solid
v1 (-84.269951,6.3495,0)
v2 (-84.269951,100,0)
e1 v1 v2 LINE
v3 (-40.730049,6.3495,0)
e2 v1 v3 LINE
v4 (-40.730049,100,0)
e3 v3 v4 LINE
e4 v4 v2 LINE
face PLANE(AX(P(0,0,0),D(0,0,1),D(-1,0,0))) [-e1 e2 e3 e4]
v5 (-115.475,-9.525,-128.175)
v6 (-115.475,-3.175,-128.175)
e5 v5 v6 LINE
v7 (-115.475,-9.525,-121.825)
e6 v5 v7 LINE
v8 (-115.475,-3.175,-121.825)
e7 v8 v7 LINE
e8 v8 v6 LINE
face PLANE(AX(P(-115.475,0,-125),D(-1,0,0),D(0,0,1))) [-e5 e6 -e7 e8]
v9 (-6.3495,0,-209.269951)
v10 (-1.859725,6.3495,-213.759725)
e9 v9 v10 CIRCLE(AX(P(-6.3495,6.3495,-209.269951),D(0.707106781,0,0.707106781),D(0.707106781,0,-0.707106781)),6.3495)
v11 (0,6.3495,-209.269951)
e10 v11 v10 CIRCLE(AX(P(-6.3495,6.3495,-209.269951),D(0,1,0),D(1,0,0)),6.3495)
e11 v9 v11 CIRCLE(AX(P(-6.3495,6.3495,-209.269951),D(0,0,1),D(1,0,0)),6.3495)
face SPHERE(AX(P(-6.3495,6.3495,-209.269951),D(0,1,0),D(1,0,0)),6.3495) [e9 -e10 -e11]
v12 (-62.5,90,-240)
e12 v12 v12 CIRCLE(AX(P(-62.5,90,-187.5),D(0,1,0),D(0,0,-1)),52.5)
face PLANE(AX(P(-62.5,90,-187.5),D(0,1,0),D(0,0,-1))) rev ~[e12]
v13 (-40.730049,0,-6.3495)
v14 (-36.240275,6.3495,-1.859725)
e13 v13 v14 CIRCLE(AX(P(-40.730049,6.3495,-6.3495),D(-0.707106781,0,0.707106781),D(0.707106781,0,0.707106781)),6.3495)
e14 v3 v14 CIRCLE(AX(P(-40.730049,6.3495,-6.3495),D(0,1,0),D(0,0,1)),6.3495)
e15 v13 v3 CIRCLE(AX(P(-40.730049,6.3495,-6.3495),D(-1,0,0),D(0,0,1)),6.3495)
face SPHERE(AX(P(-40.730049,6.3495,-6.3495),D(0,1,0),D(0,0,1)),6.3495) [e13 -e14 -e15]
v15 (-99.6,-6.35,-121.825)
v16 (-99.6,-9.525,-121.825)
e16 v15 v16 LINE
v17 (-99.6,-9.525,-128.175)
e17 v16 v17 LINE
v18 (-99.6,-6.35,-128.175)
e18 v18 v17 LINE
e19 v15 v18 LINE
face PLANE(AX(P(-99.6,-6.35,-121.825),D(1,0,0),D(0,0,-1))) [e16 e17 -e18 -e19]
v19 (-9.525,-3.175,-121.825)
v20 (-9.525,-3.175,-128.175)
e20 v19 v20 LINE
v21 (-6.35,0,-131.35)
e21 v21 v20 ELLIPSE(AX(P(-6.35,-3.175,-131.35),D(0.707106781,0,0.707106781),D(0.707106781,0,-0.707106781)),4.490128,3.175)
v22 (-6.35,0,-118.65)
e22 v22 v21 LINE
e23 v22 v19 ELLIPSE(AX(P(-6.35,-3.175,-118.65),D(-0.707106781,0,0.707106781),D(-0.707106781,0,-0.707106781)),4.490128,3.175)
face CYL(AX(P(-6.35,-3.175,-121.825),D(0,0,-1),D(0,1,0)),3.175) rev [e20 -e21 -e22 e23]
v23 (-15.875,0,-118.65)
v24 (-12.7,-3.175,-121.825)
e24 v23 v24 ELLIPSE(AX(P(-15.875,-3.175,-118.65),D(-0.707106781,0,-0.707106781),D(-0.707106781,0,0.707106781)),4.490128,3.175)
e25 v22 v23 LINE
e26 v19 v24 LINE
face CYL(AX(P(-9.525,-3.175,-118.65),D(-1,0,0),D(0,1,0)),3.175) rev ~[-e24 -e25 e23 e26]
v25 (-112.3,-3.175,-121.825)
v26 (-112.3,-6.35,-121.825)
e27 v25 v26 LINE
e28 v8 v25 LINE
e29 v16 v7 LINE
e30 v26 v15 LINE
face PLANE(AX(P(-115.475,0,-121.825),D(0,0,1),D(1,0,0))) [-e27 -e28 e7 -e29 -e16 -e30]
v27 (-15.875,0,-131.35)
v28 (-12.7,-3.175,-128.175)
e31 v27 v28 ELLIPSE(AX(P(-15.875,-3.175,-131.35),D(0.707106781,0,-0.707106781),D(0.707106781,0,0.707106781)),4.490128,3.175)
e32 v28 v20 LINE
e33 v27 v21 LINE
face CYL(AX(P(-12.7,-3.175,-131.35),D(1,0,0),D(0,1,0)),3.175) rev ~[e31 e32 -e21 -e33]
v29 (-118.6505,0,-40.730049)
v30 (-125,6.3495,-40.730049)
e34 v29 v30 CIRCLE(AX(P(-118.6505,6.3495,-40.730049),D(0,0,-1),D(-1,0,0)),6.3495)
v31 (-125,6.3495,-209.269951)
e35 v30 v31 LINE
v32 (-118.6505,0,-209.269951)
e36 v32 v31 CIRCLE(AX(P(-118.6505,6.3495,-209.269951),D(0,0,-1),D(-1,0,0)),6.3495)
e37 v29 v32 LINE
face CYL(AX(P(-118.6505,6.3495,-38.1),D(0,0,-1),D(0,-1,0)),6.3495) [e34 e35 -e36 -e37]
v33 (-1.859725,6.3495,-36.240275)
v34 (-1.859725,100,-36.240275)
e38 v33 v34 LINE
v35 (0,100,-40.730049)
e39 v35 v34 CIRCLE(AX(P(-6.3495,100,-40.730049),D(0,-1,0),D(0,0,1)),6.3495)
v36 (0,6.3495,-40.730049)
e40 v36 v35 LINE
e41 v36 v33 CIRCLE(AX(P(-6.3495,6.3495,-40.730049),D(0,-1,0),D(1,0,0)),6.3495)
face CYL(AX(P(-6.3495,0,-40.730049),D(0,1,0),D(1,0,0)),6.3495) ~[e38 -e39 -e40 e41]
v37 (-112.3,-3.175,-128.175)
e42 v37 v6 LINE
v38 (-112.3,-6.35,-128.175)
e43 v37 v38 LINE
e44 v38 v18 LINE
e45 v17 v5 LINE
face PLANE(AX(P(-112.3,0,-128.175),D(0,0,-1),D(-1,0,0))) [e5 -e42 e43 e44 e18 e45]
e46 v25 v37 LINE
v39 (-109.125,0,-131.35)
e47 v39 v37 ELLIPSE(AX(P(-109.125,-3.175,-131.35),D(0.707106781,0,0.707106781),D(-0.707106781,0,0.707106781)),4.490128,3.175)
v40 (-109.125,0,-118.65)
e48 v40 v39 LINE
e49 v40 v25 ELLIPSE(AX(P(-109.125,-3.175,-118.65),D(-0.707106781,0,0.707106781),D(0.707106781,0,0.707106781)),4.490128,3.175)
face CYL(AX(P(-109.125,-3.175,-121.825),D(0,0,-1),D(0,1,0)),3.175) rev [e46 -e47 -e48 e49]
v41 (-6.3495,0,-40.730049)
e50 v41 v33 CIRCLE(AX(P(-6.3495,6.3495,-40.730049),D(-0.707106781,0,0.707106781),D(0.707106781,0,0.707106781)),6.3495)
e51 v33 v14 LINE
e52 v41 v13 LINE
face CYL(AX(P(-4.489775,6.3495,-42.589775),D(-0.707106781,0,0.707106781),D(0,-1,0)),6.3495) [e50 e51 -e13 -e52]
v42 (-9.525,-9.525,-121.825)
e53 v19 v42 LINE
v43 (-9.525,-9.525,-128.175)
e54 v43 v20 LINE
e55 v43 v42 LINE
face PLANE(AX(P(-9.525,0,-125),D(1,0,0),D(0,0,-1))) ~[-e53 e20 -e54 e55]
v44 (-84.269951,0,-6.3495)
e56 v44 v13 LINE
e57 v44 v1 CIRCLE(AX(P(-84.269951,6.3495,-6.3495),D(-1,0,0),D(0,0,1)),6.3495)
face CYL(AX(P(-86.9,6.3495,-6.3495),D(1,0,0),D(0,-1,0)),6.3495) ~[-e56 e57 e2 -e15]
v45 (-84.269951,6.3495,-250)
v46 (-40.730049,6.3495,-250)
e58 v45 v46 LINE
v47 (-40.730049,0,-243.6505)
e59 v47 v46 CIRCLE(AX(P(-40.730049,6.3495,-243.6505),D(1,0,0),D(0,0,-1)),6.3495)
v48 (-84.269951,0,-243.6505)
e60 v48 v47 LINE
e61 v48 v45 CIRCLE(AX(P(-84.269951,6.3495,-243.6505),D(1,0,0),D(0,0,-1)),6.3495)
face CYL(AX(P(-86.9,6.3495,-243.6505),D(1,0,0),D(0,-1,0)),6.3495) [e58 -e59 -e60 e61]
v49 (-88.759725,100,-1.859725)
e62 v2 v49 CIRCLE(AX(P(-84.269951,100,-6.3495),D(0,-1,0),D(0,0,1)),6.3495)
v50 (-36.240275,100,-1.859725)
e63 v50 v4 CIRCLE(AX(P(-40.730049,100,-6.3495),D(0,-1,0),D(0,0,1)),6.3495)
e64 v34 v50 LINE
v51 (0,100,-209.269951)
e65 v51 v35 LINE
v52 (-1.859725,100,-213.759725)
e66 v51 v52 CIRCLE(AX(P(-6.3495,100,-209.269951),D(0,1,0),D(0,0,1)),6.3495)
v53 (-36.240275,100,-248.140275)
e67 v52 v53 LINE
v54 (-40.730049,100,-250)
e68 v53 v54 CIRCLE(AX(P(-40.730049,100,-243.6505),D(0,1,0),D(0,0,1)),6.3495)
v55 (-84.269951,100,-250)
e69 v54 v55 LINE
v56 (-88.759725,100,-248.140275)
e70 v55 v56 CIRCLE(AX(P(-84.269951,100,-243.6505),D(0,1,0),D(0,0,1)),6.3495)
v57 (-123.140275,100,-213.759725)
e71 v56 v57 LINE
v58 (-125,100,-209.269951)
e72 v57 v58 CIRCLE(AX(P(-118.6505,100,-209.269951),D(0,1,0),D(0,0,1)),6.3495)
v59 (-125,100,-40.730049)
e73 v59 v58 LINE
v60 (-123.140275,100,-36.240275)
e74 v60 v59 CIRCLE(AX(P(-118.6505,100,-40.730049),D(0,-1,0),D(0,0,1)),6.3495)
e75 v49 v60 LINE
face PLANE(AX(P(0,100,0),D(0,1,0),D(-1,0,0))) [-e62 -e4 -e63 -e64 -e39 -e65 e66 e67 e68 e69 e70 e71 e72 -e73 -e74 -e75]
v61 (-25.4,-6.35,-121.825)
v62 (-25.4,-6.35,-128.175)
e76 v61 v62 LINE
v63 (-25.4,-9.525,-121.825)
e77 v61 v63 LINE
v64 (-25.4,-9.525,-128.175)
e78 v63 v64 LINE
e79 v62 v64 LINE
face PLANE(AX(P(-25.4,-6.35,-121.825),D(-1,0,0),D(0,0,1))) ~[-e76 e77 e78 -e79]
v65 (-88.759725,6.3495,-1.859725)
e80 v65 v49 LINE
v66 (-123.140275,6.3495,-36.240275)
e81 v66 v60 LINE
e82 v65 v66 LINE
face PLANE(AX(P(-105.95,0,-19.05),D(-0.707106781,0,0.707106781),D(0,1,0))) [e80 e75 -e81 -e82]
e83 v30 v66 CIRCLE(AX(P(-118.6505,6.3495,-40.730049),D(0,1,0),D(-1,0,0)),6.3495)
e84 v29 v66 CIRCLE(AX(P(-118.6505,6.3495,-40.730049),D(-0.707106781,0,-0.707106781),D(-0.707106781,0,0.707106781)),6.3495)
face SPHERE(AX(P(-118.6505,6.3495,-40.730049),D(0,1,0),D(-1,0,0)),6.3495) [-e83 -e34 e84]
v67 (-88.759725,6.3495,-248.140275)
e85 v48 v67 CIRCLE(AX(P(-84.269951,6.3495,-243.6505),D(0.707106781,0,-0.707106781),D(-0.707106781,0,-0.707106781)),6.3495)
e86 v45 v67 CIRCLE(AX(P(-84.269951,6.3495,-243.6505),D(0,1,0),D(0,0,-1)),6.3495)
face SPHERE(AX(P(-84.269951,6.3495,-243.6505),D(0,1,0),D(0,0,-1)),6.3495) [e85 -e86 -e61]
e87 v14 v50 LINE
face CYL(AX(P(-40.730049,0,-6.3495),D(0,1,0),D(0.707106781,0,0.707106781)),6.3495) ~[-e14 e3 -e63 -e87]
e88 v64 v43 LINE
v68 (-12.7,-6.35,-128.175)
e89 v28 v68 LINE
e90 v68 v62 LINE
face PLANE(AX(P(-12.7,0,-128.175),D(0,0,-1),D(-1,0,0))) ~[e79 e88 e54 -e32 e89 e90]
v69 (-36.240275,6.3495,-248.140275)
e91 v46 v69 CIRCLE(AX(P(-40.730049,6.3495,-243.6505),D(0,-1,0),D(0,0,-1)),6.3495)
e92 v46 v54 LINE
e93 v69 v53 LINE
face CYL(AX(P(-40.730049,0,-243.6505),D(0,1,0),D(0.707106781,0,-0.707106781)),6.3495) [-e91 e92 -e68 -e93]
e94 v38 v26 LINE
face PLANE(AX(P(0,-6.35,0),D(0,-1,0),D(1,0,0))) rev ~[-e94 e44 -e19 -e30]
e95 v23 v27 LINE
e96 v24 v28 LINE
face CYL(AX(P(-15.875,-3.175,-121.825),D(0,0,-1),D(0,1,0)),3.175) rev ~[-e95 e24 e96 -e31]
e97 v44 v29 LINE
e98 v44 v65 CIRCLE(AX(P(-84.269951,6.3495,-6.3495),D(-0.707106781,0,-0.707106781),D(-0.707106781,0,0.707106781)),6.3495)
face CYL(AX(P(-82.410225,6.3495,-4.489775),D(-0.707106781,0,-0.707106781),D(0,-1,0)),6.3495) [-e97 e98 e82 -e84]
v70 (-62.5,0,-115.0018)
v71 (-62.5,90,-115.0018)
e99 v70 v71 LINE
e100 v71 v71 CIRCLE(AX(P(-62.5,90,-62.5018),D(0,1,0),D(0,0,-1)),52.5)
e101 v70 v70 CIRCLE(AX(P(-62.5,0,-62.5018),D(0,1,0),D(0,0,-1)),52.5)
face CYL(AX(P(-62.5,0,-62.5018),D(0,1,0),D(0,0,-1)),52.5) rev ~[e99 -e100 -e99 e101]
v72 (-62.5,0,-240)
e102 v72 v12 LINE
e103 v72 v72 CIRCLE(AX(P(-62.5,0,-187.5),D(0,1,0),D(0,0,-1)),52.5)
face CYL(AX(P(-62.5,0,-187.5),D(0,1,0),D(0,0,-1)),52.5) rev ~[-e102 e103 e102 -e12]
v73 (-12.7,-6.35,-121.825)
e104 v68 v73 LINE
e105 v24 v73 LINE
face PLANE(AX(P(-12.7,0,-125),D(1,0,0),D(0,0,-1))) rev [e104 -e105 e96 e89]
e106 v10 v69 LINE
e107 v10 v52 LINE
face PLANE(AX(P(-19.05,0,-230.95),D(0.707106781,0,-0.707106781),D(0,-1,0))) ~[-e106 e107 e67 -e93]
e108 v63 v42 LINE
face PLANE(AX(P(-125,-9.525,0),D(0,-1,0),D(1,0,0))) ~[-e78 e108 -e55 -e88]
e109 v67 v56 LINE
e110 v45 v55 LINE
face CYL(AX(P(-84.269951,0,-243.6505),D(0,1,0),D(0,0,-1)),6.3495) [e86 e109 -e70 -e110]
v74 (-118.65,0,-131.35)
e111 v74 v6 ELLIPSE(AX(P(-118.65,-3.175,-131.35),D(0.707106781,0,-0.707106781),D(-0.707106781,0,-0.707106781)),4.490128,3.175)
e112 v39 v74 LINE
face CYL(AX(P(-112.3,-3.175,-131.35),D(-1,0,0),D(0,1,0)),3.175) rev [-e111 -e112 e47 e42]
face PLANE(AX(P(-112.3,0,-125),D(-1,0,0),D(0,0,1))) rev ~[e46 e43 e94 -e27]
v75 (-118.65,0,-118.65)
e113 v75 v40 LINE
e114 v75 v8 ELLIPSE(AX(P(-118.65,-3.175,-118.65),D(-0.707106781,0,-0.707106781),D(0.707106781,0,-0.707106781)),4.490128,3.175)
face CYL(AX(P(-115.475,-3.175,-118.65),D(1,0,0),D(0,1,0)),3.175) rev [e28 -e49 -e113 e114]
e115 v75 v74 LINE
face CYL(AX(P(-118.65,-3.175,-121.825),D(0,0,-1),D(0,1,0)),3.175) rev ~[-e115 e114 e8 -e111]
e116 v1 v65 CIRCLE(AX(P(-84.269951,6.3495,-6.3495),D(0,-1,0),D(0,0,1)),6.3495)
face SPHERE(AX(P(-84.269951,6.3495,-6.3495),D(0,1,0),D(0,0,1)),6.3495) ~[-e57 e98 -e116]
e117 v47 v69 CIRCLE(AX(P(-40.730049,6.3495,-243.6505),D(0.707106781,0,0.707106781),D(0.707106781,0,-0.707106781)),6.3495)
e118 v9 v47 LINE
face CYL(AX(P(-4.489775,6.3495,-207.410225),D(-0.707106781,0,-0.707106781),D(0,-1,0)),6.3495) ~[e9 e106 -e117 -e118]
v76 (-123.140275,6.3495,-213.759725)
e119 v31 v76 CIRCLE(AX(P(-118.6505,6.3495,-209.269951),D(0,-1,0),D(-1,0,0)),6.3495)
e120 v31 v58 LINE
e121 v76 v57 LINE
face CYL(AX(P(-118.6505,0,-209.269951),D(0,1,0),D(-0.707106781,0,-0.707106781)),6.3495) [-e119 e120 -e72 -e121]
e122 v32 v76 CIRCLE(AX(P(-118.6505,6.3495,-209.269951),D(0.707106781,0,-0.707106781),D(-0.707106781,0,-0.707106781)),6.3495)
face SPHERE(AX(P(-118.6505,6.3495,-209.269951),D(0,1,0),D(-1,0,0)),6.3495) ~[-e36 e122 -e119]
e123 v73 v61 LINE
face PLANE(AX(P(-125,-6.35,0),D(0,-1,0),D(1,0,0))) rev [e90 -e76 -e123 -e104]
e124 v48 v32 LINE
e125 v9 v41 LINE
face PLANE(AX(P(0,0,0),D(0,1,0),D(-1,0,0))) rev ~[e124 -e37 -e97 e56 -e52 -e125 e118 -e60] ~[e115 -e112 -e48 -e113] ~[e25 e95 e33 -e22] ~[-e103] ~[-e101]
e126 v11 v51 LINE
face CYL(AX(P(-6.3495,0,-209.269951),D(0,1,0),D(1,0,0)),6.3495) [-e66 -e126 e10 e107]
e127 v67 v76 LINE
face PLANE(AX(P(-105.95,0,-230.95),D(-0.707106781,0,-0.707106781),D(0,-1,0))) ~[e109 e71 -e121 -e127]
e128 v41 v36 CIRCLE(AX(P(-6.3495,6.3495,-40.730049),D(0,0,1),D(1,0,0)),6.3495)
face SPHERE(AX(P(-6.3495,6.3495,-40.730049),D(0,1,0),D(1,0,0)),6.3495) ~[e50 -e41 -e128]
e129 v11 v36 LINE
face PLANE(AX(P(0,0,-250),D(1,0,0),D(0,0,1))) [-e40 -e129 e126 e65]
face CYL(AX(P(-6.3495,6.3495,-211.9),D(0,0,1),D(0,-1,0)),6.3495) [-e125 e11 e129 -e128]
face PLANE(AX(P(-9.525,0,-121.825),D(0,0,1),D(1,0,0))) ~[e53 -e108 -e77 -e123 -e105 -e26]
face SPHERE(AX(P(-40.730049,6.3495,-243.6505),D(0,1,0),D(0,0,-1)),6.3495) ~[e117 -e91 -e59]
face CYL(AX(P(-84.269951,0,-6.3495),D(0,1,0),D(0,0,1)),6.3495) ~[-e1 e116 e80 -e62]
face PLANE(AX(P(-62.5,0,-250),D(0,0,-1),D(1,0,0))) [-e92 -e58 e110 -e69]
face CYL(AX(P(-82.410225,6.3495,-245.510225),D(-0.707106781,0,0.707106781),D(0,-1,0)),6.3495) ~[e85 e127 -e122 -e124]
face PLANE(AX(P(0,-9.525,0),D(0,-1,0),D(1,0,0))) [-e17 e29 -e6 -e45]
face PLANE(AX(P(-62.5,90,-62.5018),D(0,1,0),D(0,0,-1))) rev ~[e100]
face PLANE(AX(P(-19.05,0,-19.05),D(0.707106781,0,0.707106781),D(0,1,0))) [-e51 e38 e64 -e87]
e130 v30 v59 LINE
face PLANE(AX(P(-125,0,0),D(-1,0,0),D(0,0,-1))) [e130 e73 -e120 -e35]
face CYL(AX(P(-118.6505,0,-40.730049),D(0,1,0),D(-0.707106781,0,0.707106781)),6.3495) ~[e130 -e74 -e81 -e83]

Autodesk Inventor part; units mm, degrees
ref_plane "YZ Plane" through (0, 0, 0) normal (1, 0, 0) x (0, 1, 0)
ref_plane "XZ Plane" through (0, 0, 0) normal (0, 1, 0) x (-1, 0, 0)
ref_plane "XY Plane" through (0, 0, 0) normal (0, 0, 1) x (1, 0, 0)
sketch "Sketch1" plane through (0, 0, 0) normal (0, 1, 0) x (-1, 0, 0)
  line L0 (0, 0) -> (125, 0)
  line L1 (125, 0) -> (125, -250)
  line L2 (125, -250) -> (0, -250)
  line L3 (0, -250) -> (0, 0)
  line L4 (62.5, -250) -> (62.5, -240)
  line L5 (62.5, -240) -> (62.5, -187.5)
  line L6 (62.5, 0) -> (62.5, -10)
  line L7 (62.5, -10) -> (62.5, -62.5018)
  dimension "d0" = 125
  dimension "d1" = 250
  dimension "d2" = 10
  dimension "d3" = 52.5
  dimension "d4" = 10
  dimension "d5" = 52.5018
extrude "Extrusion1" add sketch "Sketch1" along normal blind 100
hole "Hole1" at (-62.5, 0, -62.5018) at (-62.5, 0, -187.5) direction (0, 1, 0) diameter 105 depth 90
sketch "Sketch2" plane through (0, 0, 0) normal (0, -1, 0) x (1, 0, 0)
  line L0 (-125, -250) -> (-125, 0) projected
  line L1 (-125, -125) -> (-112.3, -125)
  line L2 (-112.3, -125) -> (-112.3, -121.825)
  line L3 (-112.3, -121.825) -> (-99.6, -121.825)
  line L4 (-99.6, -121.825) -> (-99.6, -128.175)
  line L5 (-99.6, -128.175) -> (-112.3, -128.175)
  line L6 (-112.3, -128.175) -> (-112.3, -121.825)
  line L7 (-112.3, -128.175) -> (-115.475, -128.175)
  line L8 (-115.475, -128.175) -> (-115.475, -121.825)
  line L9 (-115.475, -121.825) -> (-112.3, -121.825)
  line L10 (-112.3, -121.825) -> (-112.3, -128.175)
  point P0 (0, 0)
  dimension "d16" = 12.7
  dimension "d17" = 3.175
  dimension "d18" = 12.7
  dimension "d19" = 6.35
  dimension "d20" = 3.175
extrude "Extrusion2" add sketch "Sketch2" along normal blind 6.35 contours L8 L9 L2 L1 | L1 L6 L7 L8
sketch "Sketch3" plane through (0, -6.35, 0) normal (0, -1, 0) x (1, 0, 0)
  line L0 (-112.3, -128.175) -> (-112.3, -121.825) projected
  line L1 (-112.3, -121.825) -> (-99.6, -121.825)
  line L2 (-99.6, -121.825) -> (-99.6, -128.175)
  line L3 (-99.6, -128.175) -> (-112.3, -128.175)
  line L4 (-112.3, -128.175) -> (-112.3, -121.825)
  line L5 (-115.475, -128.175) -> (-115.475, -121.825) projected
  line L6 (-115.475, -121.825) -> (-112.3, -121.825)
  line L7 (-112.3, -121.825) -> (-112.3, -128.175)
  line L8 (-112.3, -128.175) -> (-115.475, -128.175)
  line L9 (-115.475, -128.175) -> (-115.475, -121.825)
  point P0 (0, 0)
  dimension "d23" = 12.7
extrude "Extrusion3" add sketch "Sketch3" along normal blind 3.175
fillet "Fillet2" radius 3.175 4 edges at (-115.475, 0, -125) (-113.8875, 0, -128.175) (-113.8875, 0, -121.825) (-112.3, 0, -125)
ref_plane "Work Plane1" through (-62.5, 0, -250) normal (-1, 0, 0) x (0, 0, 1)
mirror "Mirror1" about plane through (-62.5, 0, -250) normal (-1, 0, 0) of "Extrusion2", "Extrusion3", "Fillet2"
chamfer "Chamfer1" distance 38.1 angle 45 4 edges at (-125, 50, 0) (0, 50, 0) (0, 50, -250) (-125, 50, -250)
fillet "Fillet1" radius 6.35 16 edges at (-125, 0, -125) (-62.5, 0, 0) (0, 0, -125) (-62.5, 0, -250) (-105.95, 0, -19.05) (-19.05, 0, -19.05) (-19.05, 0, -230.95) (-105.95, 0, -230.95) (-125, 50, -38.1) (-86.9, 50, 0) (-38.1, 50, 0) (0, 50, -38.1) (0, 50, -211.9) (-86.9, 50, -250) (-125, 50, -211.9) (-38.1, 50, -250)
properties part number "Bottle Holder"
